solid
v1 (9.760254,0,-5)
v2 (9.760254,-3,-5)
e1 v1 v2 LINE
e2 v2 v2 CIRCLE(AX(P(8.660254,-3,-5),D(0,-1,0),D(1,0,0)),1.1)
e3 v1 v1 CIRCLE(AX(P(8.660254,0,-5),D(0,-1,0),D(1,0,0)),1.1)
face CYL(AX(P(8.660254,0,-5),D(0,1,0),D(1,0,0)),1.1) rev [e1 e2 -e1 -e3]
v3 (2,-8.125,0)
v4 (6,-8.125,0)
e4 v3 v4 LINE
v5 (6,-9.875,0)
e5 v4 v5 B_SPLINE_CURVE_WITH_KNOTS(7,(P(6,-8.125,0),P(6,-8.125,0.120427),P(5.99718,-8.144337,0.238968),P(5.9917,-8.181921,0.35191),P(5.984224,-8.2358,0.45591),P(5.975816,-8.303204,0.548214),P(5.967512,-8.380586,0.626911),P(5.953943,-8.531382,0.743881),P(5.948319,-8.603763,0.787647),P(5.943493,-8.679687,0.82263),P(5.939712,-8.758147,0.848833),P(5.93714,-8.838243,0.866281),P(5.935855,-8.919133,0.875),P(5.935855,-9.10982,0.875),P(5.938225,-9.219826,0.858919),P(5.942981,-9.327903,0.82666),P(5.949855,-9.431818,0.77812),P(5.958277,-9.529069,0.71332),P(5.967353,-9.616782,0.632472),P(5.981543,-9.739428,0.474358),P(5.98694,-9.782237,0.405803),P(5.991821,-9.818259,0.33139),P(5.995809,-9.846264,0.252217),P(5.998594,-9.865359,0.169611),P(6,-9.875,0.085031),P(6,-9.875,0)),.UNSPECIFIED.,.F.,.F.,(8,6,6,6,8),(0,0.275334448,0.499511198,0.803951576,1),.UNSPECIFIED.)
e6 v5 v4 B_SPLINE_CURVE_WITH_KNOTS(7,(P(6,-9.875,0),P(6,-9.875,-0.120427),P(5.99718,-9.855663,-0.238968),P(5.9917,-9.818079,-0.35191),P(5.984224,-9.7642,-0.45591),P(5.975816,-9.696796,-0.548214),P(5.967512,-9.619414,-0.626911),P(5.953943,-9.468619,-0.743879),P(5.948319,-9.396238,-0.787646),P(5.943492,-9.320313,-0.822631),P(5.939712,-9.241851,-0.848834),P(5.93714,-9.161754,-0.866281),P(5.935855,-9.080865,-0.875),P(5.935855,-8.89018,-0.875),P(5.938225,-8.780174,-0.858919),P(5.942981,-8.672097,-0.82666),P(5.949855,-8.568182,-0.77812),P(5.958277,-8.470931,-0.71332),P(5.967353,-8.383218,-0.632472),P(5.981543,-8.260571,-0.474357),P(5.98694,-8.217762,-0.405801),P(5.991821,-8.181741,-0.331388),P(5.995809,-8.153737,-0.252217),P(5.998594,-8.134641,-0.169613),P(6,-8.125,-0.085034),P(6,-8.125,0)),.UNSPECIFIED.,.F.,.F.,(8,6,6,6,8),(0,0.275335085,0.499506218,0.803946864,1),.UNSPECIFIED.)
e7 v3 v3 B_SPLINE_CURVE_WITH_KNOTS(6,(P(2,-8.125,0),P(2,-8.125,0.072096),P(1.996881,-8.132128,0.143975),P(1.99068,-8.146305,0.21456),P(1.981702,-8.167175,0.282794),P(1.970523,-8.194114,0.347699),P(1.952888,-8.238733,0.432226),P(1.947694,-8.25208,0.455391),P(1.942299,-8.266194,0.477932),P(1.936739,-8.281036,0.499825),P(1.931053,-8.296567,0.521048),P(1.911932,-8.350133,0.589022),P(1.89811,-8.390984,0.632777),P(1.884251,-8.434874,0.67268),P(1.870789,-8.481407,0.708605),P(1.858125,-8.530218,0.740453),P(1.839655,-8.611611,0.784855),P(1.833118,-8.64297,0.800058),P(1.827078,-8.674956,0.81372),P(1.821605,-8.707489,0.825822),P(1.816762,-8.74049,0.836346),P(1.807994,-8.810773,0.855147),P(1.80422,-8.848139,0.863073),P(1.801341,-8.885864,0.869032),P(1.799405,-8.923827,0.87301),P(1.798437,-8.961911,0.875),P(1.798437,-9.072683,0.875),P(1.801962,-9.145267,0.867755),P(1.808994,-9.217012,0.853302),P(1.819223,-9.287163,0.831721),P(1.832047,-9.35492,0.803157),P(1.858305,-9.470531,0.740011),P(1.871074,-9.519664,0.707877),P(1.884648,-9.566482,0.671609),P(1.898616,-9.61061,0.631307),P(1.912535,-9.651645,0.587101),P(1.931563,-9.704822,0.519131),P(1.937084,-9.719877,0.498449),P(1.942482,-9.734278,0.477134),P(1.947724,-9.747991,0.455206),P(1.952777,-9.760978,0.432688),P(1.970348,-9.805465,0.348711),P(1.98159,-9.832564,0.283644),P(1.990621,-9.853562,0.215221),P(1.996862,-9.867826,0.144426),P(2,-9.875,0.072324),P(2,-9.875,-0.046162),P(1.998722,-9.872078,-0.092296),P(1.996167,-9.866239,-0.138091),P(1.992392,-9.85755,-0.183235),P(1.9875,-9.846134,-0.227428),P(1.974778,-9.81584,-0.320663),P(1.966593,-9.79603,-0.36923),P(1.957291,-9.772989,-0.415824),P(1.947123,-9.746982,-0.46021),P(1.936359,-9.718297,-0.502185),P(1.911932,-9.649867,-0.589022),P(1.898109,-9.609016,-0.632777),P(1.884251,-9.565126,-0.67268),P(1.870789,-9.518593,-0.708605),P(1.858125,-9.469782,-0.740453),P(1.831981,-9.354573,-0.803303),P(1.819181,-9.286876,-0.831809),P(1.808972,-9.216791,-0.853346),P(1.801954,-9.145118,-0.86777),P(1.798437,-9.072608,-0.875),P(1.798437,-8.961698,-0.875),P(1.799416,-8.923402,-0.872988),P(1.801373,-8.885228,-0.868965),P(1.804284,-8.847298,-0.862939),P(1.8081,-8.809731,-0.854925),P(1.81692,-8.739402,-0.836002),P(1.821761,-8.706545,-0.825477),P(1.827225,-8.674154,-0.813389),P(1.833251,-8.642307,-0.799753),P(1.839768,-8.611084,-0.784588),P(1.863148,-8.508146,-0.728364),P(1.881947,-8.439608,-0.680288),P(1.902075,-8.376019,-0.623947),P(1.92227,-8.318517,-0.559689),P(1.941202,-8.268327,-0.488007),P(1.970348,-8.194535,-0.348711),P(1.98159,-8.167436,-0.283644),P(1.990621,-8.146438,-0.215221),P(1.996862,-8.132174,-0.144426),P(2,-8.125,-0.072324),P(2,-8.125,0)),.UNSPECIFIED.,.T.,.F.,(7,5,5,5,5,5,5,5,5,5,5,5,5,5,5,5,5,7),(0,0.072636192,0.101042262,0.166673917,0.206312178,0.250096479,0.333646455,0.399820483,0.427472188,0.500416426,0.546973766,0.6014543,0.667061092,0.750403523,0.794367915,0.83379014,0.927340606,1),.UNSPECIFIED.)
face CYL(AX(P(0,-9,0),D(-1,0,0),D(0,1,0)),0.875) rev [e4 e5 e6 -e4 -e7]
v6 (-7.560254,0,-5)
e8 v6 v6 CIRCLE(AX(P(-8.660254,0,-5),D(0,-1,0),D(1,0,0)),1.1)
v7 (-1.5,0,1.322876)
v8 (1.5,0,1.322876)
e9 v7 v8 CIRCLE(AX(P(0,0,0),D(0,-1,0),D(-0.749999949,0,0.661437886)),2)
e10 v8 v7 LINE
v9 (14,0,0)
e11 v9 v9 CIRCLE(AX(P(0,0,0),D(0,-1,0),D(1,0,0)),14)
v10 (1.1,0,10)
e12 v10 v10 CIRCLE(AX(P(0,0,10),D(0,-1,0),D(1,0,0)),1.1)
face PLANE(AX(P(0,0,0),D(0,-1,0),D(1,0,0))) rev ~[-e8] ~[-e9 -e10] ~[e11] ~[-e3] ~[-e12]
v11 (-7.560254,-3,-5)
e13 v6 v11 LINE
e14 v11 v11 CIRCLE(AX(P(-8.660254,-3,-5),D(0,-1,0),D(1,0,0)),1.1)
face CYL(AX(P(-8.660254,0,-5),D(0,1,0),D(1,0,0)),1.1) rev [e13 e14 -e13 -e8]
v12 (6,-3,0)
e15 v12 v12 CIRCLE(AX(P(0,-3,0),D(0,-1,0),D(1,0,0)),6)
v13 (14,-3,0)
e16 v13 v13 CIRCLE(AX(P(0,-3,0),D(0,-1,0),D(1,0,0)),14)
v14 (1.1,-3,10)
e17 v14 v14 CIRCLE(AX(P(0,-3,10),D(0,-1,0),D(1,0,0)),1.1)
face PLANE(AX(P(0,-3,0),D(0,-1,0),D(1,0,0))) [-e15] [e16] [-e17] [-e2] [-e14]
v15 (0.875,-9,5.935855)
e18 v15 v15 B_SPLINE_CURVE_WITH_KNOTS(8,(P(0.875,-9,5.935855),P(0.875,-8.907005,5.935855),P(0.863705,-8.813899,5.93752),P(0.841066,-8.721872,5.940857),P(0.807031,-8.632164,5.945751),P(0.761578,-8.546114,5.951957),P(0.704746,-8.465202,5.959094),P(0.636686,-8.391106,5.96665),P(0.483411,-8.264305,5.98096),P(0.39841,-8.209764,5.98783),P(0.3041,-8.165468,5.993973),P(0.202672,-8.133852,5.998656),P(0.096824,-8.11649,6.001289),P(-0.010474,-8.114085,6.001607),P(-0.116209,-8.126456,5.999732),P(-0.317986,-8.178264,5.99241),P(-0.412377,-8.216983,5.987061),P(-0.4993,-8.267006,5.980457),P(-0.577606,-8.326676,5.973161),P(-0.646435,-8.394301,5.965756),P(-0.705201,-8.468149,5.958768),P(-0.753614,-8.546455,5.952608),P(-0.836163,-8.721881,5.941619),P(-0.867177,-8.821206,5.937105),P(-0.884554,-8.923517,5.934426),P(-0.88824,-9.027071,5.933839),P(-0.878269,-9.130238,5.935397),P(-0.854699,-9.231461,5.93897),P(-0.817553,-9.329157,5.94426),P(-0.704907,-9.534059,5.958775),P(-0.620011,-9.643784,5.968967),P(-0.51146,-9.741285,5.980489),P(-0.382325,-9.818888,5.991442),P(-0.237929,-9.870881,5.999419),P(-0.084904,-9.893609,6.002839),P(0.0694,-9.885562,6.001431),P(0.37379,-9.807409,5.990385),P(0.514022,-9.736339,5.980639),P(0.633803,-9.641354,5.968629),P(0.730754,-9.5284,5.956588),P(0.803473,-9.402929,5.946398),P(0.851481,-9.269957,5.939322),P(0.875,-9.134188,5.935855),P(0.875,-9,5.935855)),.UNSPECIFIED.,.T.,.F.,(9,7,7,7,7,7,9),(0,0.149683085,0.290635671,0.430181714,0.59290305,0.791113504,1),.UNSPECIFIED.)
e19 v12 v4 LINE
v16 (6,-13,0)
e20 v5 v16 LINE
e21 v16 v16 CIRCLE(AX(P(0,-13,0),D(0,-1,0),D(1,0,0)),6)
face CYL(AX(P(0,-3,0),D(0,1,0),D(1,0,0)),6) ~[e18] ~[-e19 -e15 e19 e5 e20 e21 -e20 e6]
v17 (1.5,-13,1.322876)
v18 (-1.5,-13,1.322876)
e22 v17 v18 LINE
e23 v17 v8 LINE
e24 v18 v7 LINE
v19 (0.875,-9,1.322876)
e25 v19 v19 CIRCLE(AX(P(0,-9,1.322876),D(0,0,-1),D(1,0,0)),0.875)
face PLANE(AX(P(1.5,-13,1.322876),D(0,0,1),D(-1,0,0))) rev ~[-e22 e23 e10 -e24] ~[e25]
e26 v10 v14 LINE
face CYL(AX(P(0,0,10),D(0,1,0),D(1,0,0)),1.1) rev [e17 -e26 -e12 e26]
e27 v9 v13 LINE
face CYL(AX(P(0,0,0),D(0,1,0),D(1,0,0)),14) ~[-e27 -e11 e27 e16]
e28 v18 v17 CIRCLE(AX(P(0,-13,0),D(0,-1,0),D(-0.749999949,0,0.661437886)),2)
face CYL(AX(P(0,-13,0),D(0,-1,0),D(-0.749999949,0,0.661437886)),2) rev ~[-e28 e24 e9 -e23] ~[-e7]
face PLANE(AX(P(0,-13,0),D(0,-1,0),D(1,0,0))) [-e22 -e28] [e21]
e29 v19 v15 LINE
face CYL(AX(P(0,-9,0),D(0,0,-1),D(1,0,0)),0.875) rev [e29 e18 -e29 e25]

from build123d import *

# Parameters (mm, degrees)
F0_R     = 14
F0_R_2   = 1.1
F1_DEPTH = 3
F2_R     = 6
F3_DEPTH = 10
F5_DEPTH = 13.001
F6_R     = 0.875
F7_DEPTH = 14.001
F8_R     = 0.875
F9_DEPTH = 14.001


with BuildPart() as f1:
    # F0 (on Front) → F1 (new body)
    with BuildSketch(Plane.XZ):
        Circle(F0_R)
        with Locations((-8.660254, -5)):
            Circle(F0_R_2, mode=Mode.SUBTRACT)
        with Locations((8.660254, -5)):
            Circle(F0_R_2, mode=Mode.SUBTRACT)
        with Locations((0, 10)):
            Circle(F0_R_2, mode=Mode.SUBTRACT)
    extrude(amount=F1_DEPTH)

    # F2 (on face) → F3 (join)
    with BuildSketch(Plane.XZ.offset(3)):
        Circle(F2_R)
    extrude(amount=F3_DEPTH)

    # F4 (on face) → F5 (cut, through all)
    with BuildSketch(Plane.XZ.offset(13)):
        with BuildLine():
            Line((1.5, 1.322876), (-1.5, 1.322876))
            ThreePointArc((-1.5, 1.322876), (0, -2), (1.5, 1.322876))
        make_face()
    extrude(amount=-F5_DEPTH, mode=Mode.SUBTRACT)

    # F6 (on Top) → F7 (cut, through all)
    with BuildSketch(Plane.XY):
        with Locations((0, -9)):
            Circle(F6_R)
    extrude(amount=F7_DEPTH, mode=Mode.SUBTRACT)

    # F8 (on Right) → F9 (cut, through all)
    with BuildSketch(Plane.YZ):
        with Locations((-9, 0)):
            Circle(F8_R)
    extrude(amount=F9_DEPTH, mode=Mode.SUBTRACT)


solid = f1.part
